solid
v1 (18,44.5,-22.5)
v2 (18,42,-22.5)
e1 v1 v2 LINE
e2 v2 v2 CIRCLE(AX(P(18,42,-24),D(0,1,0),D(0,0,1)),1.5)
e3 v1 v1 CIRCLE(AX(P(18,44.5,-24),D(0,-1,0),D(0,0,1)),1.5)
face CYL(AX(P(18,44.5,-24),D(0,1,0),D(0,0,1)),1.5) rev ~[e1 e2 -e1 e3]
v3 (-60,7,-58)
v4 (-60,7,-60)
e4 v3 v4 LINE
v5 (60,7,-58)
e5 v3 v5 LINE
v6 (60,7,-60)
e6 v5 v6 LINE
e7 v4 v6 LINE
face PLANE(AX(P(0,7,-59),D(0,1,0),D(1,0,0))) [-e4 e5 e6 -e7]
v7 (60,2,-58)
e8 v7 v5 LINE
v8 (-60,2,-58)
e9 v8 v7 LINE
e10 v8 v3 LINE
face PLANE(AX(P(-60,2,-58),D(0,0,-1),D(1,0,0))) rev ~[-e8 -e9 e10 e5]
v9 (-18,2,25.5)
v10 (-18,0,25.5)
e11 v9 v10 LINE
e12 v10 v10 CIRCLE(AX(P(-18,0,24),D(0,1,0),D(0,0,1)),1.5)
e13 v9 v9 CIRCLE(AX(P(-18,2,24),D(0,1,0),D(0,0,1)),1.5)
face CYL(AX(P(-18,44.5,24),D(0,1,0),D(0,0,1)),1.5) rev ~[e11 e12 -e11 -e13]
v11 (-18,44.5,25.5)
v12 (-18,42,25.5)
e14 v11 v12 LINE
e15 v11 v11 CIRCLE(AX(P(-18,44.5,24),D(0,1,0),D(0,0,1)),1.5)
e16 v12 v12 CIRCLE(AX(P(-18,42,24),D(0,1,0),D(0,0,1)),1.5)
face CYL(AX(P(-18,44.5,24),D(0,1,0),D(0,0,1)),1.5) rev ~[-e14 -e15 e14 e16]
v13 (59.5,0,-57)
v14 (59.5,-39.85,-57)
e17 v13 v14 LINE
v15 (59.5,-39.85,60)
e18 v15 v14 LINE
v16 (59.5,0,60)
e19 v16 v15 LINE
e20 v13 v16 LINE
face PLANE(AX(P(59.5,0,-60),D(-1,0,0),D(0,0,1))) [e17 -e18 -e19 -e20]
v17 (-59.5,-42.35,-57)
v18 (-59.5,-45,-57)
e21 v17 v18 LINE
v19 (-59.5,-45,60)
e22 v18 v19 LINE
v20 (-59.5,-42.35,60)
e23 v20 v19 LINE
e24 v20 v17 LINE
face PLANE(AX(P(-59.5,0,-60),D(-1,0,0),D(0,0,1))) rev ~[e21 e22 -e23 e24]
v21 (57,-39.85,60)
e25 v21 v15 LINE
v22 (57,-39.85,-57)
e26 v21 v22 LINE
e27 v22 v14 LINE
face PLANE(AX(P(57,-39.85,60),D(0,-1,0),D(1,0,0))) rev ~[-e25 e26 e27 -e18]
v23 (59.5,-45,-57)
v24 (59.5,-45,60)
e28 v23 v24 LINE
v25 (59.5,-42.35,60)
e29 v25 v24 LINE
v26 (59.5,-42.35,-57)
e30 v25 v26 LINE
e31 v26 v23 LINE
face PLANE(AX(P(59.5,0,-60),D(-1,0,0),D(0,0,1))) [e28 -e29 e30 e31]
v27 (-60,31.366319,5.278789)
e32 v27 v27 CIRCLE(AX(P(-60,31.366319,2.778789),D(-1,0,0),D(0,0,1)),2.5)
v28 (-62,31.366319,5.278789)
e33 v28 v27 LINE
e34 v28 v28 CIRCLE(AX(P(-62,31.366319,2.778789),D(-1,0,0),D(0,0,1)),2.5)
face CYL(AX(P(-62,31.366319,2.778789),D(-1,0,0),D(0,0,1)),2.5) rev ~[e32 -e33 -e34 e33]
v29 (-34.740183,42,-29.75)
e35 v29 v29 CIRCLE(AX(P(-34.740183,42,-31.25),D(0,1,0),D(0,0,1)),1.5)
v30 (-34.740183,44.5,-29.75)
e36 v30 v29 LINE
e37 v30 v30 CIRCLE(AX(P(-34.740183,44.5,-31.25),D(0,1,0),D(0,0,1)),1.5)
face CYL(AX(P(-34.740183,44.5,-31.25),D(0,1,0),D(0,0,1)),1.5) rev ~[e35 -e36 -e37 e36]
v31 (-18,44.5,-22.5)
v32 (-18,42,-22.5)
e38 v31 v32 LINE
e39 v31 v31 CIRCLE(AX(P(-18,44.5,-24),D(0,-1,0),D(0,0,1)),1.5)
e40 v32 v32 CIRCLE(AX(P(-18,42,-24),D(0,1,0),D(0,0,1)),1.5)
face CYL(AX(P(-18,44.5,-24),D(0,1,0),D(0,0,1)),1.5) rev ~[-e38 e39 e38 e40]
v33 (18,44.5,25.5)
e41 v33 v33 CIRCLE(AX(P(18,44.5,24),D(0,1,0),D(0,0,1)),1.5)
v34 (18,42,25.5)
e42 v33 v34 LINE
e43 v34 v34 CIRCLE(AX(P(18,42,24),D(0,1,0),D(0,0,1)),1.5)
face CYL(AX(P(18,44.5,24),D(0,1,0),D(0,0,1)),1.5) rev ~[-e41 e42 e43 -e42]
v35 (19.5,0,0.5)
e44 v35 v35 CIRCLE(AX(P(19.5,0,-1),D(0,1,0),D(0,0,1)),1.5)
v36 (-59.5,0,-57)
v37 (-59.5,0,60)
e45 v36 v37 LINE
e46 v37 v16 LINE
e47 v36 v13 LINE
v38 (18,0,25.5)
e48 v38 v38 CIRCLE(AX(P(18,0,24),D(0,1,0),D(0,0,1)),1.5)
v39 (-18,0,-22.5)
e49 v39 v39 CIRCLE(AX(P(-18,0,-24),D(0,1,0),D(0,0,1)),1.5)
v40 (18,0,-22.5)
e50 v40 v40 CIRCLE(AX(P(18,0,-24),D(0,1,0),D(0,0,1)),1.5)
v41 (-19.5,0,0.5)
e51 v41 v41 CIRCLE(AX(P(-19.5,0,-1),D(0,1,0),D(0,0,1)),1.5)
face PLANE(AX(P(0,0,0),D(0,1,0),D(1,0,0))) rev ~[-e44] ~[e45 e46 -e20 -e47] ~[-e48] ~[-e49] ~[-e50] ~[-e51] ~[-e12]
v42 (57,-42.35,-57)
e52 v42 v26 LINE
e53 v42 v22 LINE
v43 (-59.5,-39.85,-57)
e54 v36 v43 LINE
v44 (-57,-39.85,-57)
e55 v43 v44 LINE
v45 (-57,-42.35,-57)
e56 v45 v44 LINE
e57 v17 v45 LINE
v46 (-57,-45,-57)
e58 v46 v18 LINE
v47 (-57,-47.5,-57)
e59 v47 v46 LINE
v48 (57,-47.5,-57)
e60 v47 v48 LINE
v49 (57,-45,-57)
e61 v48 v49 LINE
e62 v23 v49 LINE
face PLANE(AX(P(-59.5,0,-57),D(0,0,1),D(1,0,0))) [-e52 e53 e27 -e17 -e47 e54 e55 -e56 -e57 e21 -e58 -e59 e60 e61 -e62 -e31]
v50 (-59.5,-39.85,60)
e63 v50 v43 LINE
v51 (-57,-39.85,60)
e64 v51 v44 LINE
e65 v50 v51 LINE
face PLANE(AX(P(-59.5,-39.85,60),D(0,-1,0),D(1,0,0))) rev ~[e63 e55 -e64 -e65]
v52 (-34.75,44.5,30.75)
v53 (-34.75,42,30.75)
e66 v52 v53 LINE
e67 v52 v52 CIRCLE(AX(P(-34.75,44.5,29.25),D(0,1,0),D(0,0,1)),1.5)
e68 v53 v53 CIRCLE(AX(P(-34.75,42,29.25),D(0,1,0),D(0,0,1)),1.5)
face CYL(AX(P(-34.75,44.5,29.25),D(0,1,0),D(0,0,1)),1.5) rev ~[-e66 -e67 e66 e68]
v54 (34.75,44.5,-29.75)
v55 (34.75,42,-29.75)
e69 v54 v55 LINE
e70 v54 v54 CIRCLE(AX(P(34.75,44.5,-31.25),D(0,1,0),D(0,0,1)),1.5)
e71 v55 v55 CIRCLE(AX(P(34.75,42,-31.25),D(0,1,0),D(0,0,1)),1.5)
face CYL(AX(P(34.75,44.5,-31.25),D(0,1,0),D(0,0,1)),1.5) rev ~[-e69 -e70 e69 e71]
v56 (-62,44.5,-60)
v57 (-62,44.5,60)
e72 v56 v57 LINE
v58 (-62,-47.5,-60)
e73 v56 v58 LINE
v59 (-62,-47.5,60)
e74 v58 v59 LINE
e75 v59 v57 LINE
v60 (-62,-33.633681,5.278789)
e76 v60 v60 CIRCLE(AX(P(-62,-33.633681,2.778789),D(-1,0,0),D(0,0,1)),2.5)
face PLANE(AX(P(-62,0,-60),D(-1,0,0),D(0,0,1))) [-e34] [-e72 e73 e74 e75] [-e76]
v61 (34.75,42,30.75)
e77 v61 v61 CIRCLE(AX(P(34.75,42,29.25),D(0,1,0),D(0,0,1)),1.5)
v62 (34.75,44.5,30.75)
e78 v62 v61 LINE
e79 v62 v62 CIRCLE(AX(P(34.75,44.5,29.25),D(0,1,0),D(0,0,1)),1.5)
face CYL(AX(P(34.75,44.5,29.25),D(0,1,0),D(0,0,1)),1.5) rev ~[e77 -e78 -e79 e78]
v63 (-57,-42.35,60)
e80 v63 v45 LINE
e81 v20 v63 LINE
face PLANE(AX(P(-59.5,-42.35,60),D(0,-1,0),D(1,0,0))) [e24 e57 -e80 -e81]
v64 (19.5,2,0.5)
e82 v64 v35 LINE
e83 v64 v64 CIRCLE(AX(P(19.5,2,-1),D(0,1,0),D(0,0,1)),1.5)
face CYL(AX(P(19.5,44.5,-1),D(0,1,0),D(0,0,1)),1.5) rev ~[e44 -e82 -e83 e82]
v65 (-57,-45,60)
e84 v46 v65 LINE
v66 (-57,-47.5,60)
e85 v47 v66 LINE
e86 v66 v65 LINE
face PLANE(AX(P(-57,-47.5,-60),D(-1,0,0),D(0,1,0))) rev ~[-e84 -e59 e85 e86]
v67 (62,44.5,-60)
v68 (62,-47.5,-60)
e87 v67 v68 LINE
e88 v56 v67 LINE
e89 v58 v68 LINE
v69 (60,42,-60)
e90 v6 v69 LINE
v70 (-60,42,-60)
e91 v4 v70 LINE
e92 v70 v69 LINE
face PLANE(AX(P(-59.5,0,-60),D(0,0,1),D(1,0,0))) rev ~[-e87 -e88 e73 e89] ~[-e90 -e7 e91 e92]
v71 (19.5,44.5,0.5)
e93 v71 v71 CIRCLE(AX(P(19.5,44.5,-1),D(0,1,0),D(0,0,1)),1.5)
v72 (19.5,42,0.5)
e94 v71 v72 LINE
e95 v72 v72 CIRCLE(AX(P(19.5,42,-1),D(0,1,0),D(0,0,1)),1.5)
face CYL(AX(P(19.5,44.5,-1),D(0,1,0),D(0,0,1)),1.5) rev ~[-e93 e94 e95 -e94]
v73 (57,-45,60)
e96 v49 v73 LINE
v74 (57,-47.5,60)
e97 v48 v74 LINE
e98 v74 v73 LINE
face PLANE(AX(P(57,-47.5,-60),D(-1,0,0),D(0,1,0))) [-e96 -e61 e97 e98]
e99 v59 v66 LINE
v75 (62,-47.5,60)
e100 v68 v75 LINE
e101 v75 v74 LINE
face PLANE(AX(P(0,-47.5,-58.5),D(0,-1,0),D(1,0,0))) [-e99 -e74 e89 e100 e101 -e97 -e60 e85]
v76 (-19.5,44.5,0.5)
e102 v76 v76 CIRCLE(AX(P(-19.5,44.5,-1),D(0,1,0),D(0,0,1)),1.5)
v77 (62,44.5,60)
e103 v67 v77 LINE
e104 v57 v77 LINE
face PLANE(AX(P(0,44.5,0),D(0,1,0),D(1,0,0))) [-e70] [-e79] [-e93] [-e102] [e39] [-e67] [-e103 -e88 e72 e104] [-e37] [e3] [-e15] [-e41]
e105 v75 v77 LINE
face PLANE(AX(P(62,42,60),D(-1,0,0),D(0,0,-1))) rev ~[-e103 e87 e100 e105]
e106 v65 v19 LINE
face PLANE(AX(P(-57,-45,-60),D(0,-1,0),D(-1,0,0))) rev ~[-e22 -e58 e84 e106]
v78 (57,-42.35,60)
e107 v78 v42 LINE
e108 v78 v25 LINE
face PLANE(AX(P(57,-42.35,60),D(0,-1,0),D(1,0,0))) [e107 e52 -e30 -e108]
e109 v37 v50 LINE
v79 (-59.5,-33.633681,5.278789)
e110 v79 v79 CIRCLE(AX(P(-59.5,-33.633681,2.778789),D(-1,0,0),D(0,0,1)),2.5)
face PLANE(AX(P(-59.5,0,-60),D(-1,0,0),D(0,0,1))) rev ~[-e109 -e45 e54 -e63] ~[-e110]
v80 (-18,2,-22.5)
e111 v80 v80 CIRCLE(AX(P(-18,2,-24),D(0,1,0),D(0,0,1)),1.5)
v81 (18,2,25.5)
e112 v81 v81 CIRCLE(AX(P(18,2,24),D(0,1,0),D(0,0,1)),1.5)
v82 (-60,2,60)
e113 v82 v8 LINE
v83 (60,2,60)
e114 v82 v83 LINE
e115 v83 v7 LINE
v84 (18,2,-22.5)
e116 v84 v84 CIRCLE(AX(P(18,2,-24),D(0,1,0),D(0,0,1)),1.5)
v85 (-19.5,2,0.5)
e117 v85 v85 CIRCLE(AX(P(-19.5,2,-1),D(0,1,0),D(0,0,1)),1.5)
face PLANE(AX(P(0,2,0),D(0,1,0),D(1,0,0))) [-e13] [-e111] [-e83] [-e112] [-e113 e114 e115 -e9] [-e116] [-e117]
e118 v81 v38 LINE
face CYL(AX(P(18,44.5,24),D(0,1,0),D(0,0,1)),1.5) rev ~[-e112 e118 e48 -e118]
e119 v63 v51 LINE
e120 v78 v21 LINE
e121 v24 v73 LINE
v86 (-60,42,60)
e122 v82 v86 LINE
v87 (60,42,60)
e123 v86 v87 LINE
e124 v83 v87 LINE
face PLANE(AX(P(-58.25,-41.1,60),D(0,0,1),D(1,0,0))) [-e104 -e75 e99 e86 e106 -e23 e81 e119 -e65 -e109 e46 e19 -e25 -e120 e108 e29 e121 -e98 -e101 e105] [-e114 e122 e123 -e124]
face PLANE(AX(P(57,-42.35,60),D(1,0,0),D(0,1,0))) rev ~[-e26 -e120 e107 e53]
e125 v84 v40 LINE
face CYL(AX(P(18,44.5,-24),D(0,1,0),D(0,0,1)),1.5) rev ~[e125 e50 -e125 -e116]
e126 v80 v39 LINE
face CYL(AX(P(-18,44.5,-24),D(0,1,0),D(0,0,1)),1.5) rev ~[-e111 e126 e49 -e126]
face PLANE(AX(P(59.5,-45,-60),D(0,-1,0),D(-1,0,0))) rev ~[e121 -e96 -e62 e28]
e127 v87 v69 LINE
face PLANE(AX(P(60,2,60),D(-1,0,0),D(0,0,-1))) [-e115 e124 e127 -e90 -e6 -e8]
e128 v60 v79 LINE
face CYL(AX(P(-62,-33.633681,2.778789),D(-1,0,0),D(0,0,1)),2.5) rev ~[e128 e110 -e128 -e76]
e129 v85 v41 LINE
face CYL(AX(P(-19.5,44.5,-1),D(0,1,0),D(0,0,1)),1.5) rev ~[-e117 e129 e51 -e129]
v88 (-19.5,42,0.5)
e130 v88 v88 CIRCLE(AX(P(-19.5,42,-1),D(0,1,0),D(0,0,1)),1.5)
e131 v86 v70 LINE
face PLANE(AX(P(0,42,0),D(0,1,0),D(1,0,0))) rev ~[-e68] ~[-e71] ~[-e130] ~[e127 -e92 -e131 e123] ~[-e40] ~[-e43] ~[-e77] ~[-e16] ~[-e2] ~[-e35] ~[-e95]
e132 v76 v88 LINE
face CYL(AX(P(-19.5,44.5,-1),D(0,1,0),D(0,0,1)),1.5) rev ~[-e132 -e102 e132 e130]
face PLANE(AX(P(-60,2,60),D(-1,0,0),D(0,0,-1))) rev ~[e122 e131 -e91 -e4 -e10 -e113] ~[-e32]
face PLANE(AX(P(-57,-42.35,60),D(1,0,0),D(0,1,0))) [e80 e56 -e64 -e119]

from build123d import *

# Parameters (mm, degrees)
SKETCH_2_W          = 124
SKETCH_2_H          = 120
EXTRUDE_1_DEPTH     = 2
SKETCH_3_W          = 2
SKETCH_3_H          = 120
EXTRUDE_2_DEPTH     = 40
SKETCH_4_W          = 120
SKETCH_4_H          = 2
EXTRUDE_3_DEPTH     = 5
SKETCH_6_W          = 124
SKETCH_6_H          = 120
EXTRUDE_4_DEPTH     = 2.5
SKETCH_9_W          = 124
SKETCH_9_H          = 1.5
EXTRUDE_5_DEPTH     = 25
SKETCH_10_R         = 1.5
CUT_EXTRUDE_2_DEPTH = 1.5
SKETCH_11_R         = 1.5
CUT_EXTRUDE_3_DEPTH = 51
SKETCH_12_W         = 2.5
SKETCH_12_H         = 120
EXTRUDE_6_DEPTH     = 47.5
SKETCH_14_W         = 2.5
SKETCH_14_H         = 2.5
EXTRUDE_8_DEPTH     = 120
SKETCH_15_W         = 119
SKETCH_15_H         = 3
EXTRUDE_9_DEPTH     = 47.5
SKETCH_16_R         = 2.5
CUT_EXTRUDE_4_DEPTH = 10
SKETCH_18_W         = 2.5
SKETCH_18_H         = 2.5
EXTRUDE_10_DEPTH    = 120
SKETCH_20_W         = 124
SKETCH_20_H         = 25
CUT_EXTRUDE_5_DEPTH = 10
SKETCH_19_R         = 1.5
CUT_EXTRUDE_6_DEPTH = 2.5


with BuildPart() as part:
    # 草图2 → 凸台-拉伸1 (new body)
    with BuildSketch(Plane(origin=(0, 0, 0), x_dir=(1, 0, 0), z_dir=(0, 1, 0))):
        Rectangle(SKETCH_2_W, SKETCH_2_H)
    extrude(amount=EXTRUDE_1_DEPTH)

    # 草图3 → 凸台-拉伸2 (add)
    with BuildSketch(Plane(origin=(0, 2, 0), x_dir=(1, 0, 0), z_dir=(0, 1, 0))):
        with Locations((-61, 0)):
            Rectangle(SKETCH_3_W, SKETCH_3_H)
        with Locations((61, 0)):
            Rectangle(SKETCH_3_W, SKETCH_3_H)
    extrude(amount=EXTRUDE_2_DEPTH)

    # 草图4 → 凸台-拉伸3 (add)
    with BuildSketch(Plane(origin=(0, 2, 0), x_dir=(1, 0, 0), z_dir=(0, 1, 0))):
        with Locations((0, 59)):
            Rectangle(SKETCH_4_W, SKETCH_4_H)
    extrude(amount=EXTRUDE_3_DEPTH)

    # 草图6 → 凸台-拉伸4 (add)
    with BuildSketch(Plane(origin=(0, 42, 0), x_dir=(1, 0, 0), z_dir=(0, 1, 0))):
        Rectangle(SKETCH_6_W, SKETCH_6_H)
    extrude(amount=EXTRUDE_4_DEPTH)

    # 草图9 → 凸台-拉伸5 (add)
    with BuildSketch(Plane(origin=(0, 44.5, 0), x_dir=(1, 0, 0), z_dir=(0, 1, 0))):
        with Locations((0, 34.25)):
            Rectangle(SKETCH_9_W, SKETCH_9_H)
    extrude(amount=EXTRUDE_5_DEPTH)

    # 草图10 → 切除-拉伸2 (cut)
    with BuildSketch(Plane(origin=(0, 0, -35), x_dir=(-1, 0, 0), z_dir=(0, 0, -1))):
        with Locations((-22.5, 58)):
            Circle(SKETCH_10_R)
        with Locations((22.5, 58)):
            Circle(SKETCH_10_R)
    extrude(amount=-CUT_EXTRUDE_2_DEPTH, mode=Mode.SUBTRACT)

    # 草图11 → 切除-拉伸3 (cut)
    with BuildSketch(Plane(origin=(0, 44.5, 0), x_dir=(1, 0, 0), z_dir=(0, 1, 0))):
        with Locations(Location((-19.5, 1, 0), (0, 0, 270))):
            Circle(SKETCH_11_R)
        with Locations(Location((-18, 24, 0), (0, 0, 270))):
            Circle(SKETCH_11_R)
        with Locations(Location((-18, -24, 0), (0, 0, 270))):
            Circle(SKETCH_11_R)
        with Locations(Location((18, -24, 0), (0, 0, 270))):
            Circle(SKETCH_11_R)
        with Locations(Location((19.5, 1, 0), (0, 0, 270))):
            Circle(SKETCH_11_R)
        with Locations(Location((18, 24, 0), (0, 0, 270))):
            Circle(SKETCH_11_R)
    extrude(amount=-CUT_EXTRUDE_3_DEPTH, mode=Mode.SUBTRACT)

    # 草图12 → 凸台-拉伸6 (add)
    with BuildSketch(Plane.XZ):
        with Locations((-60.75, 0)):
            Rectangle(SKETCH_12_W, SKETCH_12_H)
        with Locations((60.75, 0)):
            Rectangle(SKETCH_12_W, SKETCH_12_H)
    extrude(amount=EXTRUDE_6_DEPTH)

    # 草图14 → 凸台-拉伸8 (add)
    with BuildSketch(Plane(origin=(0, 0, -60), x_dir=(-1, 0, 0), z_dir=(0, 0, -1))):
        with Locations((-58.25, -46.25)):
            Rectangle(SKETCH_14_W, SKETCH_14_H)
        with Locations((58.25, -46.25)):
            Rectangle(SKETCH_14_W, SKETCH_14_H)
    extrude(amount=-EXTRUDE_8_DEPTH)

    # 草图15 → 凸台-拉伸9 (add)
    with BuildSketch(Plane.XZ):
        with Locations((0, -58.5)):
            Rectangle(SKETCH_15_W, SKETCH_15_H)
    extrude(amount=EXTRUDE_9_DEPTH)

    # 草图16 → 切除-拉伸4 (cut)
    with BuildSketch(Plane.ZY.offset(62)):
        with Locations((2.778789214, 31.36631919)):
            Circle(SKETCH_16_R)
        with Locations((2.778789214, -33.63368081)):
            Circle(SKETCH_16_R)
    extrude(amount=-CUT_EXTRUDE_4_DEPTH, mode=Mode.SUBTRACT)

    # 草图18 → 凸台-拉伸10 (add)
    with BuildSketch(Plane.XY.offset(60)):
        with Locations((-58.25, -41.1)):
            Rectangle(SKETCH_18_W, SKETCH_18_H)
        with Locations((58.25, -41.1)):
            Rectangle(SKETCH_18_W, SKETCH_18_H)
    extrude(amount=-EXTRUDE_10_DEPTH)

    # 草图20 → 切除-拉伸5 (cut)
    with BuildSketch(Plane(origin=(0, 0, -35), x_dir=(-1, 0, 0), z_dir=(0, 0, -1))):
        with Locations((0, 57)):
            Rectangle(SKETCH_20_W, SKETCH_20_H)
    extrude(amount=-CUT_EXTRUDE_5_DEPTH, mode=Mode.SUBTRACT)

    # 草图19 → 切除-拉伸6 (cut)
    with BuildSketch(Plane(origin=(0, 44.5, 0), x_dir=(1, 0, 0), z_dir=(0, 1, 0))):
        with Locations(Location((-34.75, -29.25, 0), (0, 0, 270))):
            Circle(SKETCH_19_R)
        with Locations(Location((-34.740182935, 31.25, 0), (0, 0, 270))):
            Circle(SKETCH_19_R)
        with Locations(Location((34.75, 31.25, 0), (0, 0, 270))):
            Circle(SKETCH_19_R)
        with Locations(Location((34.75, -29.25, 0), (0, 0, 270))):
            Circle(SKETCH_19_R)
    extrude(amount=-CUT_EXTRUDE_6_DEPTH, mode=Mode.SUBTRACT)


solid = part.part
